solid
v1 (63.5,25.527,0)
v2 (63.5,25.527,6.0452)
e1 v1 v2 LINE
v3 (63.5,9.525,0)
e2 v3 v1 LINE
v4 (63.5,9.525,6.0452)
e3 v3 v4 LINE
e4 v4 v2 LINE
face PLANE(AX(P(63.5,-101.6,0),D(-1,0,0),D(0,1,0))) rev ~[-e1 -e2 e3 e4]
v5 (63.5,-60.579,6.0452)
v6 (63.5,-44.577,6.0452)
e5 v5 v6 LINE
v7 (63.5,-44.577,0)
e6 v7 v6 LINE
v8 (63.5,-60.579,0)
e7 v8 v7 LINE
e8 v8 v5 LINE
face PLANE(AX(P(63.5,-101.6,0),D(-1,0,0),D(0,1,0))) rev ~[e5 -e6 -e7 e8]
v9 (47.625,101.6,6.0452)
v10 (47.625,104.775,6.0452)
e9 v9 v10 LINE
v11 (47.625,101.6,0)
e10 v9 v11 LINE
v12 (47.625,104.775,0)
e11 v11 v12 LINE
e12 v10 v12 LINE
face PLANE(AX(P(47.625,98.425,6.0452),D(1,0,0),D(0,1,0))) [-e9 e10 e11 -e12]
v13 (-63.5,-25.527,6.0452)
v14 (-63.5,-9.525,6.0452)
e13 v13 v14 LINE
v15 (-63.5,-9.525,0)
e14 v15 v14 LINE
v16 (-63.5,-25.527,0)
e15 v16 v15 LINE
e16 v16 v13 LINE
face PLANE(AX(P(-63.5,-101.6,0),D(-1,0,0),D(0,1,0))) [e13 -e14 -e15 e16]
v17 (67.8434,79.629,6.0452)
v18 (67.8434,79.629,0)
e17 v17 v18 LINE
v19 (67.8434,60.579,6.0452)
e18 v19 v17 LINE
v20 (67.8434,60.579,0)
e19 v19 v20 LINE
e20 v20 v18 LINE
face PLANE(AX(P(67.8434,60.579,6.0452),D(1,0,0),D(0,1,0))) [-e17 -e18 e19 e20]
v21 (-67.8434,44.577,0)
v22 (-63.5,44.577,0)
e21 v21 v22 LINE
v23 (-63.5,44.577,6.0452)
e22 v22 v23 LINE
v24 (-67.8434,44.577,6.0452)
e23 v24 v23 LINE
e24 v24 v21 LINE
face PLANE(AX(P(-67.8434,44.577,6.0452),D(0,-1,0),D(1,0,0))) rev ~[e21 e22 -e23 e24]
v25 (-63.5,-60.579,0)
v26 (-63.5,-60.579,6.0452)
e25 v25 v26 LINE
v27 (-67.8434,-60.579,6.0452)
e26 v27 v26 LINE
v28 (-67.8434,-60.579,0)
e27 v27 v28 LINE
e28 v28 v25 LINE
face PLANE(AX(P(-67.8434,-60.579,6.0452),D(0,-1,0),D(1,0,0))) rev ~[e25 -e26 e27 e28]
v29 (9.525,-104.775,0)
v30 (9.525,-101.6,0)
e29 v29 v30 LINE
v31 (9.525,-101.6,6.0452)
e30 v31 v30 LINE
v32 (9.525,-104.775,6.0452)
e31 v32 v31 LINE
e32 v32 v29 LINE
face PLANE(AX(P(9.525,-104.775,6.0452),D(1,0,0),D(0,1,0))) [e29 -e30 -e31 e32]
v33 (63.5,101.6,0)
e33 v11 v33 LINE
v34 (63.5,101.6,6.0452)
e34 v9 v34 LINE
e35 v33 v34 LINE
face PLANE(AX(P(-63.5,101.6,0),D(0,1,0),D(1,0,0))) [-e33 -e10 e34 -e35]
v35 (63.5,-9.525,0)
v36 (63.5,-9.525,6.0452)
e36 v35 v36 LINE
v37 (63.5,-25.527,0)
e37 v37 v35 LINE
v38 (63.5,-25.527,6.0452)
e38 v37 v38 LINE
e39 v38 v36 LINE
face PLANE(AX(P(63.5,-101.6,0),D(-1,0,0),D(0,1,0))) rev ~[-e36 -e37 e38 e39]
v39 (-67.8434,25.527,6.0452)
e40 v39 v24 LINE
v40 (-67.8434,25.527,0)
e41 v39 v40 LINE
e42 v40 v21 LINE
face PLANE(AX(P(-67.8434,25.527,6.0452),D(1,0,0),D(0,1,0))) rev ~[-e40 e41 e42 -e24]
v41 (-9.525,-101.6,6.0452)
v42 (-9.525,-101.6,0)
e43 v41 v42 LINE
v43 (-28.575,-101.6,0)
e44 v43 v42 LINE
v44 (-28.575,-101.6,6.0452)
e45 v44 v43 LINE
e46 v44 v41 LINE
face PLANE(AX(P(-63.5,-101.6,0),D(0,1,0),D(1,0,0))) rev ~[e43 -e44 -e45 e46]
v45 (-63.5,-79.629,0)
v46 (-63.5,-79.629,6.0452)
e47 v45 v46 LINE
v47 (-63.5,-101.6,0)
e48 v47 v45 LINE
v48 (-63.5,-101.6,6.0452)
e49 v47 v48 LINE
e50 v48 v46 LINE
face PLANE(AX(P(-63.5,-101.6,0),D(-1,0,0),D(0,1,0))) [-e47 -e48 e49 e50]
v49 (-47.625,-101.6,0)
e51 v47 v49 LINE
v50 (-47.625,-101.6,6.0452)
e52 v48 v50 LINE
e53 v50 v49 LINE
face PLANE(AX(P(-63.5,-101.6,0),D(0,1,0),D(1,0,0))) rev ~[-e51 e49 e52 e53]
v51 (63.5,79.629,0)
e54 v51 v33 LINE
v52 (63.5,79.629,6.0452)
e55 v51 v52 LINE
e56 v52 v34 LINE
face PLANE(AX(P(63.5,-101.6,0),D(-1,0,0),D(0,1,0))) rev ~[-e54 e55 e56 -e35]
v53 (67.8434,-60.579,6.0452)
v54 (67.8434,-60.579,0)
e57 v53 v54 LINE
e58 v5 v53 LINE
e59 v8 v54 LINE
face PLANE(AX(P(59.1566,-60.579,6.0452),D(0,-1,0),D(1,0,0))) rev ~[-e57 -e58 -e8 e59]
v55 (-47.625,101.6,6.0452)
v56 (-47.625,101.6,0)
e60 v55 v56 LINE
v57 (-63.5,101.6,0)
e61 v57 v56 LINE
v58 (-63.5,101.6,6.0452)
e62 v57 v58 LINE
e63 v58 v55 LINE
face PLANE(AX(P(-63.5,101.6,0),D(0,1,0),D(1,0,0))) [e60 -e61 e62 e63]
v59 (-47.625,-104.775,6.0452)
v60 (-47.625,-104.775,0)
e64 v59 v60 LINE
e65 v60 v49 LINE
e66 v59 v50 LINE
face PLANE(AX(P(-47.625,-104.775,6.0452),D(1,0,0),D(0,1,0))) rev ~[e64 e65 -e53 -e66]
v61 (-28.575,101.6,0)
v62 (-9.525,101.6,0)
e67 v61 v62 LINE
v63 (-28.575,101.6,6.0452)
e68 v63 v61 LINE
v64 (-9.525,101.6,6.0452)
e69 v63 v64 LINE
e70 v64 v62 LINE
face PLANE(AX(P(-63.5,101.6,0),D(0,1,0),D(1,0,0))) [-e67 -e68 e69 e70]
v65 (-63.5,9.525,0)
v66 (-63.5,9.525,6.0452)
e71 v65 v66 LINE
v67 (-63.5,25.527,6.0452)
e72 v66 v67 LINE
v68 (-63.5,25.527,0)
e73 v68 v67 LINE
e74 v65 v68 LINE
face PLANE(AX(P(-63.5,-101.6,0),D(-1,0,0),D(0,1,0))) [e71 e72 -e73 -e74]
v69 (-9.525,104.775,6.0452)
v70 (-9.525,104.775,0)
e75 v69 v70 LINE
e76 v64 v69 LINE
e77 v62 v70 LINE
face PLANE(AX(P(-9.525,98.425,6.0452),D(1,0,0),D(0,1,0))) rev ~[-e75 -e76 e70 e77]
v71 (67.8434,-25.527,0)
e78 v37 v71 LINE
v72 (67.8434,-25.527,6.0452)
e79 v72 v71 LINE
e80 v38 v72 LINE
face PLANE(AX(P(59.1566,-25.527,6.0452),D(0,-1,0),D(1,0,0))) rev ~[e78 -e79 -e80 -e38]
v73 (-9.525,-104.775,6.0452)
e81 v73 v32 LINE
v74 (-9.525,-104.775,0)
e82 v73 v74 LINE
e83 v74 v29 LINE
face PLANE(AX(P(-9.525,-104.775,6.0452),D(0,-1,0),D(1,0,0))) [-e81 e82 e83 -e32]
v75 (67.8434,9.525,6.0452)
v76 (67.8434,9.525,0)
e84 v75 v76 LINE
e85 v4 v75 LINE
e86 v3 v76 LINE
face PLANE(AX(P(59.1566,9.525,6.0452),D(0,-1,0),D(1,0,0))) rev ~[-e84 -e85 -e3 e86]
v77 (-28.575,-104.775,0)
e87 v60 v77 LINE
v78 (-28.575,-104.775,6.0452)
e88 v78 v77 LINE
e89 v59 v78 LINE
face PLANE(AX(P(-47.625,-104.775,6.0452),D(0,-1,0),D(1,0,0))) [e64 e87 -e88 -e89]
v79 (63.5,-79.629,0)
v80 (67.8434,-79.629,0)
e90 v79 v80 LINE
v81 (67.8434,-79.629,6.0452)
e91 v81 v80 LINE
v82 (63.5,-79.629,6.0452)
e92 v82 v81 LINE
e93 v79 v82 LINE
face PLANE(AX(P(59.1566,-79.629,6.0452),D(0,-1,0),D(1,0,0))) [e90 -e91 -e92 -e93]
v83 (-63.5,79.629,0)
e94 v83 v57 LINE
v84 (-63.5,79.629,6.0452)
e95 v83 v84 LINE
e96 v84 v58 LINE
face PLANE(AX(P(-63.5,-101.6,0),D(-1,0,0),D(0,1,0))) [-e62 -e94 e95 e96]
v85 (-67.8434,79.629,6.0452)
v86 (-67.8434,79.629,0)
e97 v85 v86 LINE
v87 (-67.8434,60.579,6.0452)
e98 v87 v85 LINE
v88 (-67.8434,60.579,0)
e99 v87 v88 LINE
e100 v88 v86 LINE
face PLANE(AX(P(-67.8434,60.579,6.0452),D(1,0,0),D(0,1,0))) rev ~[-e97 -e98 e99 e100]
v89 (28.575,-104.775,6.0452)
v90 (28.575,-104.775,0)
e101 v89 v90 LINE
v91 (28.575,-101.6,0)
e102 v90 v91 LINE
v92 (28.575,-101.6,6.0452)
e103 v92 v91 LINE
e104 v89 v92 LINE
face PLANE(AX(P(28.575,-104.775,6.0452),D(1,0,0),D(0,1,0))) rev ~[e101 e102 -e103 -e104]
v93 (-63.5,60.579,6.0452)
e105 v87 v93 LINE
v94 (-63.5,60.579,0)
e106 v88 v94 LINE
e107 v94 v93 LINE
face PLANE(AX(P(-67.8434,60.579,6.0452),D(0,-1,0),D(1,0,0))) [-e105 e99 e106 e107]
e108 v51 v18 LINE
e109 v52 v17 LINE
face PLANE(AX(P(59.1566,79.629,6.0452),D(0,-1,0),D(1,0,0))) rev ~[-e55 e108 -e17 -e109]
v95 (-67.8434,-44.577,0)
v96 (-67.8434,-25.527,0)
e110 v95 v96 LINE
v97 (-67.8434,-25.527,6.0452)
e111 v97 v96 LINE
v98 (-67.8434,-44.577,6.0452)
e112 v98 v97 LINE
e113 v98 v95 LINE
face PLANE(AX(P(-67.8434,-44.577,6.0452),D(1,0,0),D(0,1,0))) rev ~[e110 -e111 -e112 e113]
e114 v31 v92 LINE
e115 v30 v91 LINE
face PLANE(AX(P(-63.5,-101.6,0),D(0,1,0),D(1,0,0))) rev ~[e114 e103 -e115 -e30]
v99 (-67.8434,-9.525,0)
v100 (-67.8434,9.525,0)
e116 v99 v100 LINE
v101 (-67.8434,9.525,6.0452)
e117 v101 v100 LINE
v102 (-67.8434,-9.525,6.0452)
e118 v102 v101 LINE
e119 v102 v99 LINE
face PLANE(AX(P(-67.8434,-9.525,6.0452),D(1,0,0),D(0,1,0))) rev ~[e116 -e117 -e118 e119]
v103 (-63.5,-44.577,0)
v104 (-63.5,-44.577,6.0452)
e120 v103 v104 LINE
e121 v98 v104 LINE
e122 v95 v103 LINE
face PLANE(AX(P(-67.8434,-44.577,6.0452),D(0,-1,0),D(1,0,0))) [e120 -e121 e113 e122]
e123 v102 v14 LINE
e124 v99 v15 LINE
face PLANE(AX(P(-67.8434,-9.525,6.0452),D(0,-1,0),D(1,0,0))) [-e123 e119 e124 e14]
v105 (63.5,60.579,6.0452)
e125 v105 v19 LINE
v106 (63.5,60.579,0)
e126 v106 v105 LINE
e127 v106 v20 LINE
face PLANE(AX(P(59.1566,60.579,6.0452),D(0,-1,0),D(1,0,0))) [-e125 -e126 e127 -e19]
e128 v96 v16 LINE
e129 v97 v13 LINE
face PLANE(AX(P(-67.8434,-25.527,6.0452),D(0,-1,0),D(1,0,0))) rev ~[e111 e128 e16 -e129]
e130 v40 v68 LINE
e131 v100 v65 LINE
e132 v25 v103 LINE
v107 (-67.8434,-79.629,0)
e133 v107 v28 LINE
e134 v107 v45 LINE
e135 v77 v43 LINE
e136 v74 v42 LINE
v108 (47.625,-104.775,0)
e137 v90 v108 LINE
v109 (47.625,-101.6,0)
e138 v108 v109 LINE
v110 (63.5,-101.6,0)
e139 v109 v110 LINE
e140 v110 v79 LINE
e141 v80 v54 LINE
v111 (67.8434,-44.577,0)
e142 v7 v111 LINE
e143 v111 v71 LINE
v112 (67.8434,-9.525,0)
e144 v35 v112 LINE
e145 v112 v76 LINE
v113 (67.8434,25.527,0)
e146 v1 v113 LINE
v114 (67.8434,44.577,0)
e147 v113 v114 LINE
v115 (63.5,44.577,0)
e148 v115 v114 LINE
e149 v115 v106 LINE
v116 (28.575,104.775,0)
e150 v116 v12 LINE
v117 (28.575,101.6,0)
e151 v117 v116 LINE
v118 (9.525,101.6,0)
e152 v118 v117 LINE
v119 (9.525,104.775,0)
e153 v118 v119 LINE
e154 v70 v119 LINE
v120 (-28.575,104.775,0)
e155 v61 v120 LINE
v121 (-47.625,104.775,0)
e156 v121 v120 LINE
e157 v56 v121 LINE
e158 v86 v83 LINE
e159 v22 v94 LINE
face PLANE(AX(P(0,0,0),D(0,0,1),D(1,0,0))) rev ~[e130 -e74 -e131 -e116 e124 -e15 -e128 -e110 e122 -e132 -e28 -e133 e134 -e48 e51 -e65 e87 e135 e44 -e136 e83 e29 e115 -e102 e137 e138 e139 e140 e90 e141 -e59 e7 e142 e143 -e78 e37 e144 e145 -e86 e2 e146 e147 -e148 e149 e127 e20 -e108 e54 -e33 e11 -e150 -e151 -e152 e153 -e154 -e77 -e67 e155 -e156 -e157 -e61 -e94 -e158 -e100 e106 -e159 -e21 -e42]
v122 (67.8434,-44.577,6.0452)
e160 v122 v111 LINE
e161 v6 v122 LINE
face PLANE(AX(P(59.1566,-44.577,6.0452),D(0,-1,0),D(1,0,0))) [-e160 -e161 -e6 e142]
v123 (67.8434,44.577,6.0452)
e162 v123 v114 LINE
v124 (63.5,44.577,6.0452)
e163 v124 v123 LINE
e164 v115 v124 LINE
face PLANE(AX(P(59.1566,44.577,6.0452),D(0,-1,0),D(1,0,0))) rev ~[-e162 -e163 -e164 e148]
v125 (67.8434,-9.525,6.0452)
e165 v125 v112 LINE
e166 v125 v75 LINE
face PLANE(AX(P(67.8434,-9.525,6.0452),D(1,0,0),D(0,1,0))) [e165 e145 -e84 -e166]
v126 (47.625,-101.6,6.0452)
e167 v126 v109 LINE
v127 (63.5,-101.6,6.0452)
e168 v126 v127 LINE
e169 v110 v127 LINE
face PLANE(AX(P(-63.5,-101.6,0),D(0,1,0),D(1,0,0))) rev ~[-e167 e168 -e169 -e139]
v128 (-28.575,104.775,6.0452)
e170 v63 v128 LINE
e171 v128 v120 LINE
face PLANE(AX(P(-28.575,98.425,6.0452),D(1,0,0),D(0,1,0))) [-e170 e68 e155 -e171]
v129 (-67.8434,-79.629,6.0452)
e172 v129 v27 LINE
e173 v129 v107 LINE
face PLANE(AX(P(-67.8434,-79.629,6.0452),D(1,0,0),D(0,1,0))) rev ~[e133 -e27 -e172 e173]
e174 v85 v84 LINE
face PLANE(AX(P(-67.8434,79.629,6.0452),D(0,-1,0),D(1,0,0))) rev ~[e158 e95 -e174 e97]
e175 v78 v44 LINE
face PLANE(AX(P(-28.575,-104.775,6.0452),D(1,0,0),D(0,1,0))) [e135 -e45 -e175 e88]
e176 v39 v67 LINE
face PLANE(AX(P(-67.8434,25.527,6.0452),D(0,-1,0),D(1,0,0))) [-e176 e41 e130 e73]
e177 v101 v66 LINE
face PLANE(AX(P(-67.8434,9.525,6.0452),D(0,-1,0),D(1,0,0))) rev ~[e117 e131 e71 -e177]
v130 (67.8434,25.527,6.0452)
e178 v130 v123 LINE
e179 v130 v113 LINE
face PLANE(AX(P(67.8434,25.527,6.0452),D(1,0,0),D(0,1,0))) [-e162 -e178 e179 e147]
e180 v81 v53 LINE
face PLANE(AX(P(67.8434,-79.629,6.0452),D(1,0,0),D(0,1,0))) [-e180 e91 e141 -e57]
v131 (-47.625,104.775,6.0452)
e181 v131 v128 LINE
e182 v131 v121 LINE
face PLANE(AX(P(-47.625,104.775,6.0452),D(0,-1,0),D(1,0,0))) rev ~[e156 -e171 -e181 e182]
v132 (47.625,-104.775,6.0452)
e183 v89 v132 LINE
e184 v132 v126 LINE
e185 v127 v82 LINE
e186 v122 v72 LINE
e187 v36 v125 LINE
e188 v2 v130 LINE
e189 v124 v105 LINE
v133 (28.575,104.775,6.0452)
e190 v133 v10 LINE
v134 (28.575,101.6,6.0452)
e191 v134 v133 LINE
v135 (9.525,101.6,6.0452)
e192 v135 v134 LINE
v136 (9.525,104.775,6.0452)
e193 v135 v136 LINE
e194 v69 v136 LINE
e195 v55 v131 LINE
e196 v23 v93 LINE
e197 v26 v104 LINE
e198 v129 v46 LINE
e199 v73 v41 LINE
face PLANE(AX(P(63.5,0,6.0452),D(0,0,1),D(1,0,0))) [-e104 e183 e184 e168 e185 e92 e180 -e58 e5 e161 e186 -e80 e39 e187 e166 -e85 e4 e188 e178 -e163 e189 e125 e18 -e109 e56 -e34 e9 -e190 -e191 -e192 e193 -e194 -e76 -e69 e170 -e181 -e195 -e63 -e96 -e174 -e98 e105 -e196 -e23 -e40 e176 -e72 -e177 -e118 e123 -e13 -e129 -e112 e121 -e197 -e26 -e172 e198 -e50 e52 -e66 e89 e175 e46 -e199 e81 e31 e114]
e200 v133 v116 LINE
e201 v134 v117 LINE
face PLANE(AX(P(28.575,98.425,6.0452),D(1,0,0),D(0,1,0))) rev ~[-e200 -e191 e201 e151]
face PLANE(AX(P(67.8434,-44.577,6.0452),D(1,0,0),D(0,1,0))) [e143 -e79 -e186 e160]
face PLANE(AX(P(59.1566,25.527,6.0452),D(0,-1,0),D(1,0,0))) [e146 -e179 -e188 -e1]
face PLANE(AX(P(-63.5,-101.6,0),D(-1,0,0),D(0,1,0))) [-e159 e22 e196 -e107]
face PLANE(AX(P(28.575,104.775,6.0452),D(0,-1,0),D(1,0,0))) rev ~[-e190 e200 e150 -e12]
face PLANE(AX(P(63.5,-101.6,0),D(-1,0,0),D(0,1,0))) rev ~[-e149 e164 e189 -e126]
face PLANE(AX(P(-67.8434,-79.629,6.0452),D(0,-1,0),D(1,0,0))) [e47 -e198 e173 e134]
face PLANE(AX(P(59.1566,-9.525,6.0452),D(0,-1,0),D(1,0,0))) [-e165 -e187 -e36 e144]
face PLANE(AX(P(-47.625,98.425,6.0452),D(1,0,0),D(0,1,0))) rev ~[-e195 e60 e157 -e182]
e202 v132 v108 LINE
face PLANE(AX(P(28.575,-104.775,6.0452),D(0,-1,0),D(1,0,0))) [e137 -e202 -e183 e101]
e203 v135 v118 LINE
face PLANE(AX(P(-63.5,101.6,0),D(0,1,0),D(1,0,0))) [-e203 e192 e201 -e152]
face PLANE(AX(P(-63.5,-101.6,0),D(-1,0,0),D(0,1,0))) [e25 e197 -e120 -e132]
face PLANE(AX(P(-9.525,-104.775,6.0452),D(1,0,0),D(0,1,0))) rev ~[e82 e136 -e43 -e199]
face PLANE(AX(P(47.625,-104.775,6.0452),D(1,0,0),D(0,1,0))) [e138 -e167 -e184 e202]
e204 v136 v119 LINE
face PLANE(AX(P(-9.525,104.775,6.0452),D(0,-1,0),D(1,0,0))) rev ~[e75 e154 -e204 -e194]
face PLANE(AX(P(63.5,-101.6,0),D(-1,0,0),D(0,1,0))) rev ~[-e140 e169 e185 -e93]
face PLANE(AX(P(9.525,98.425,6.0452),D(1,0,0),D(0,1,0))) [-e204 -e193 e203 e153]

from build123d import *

# Parameters (mm, degrees)
SKETCH1_W           = 127
SKETCH1_H           = 203.2
BOSS_EXTRUDE1_DEPTH = 6.0452
SKETCH2_W           = 19.05
SKETCH2_H           = 6.35
BOSS_EXTRUDE2_DEPTH = 6.0452
SKETCH3_W           = 8.6868
SKETCH3_H           = 19.05
BOSS_EXTRUDE3_DEPTH = 6.0452


with BuildPart() as part:
    # Sketch1 → Boss-Extrude1 (new body)
    with BuildSketch(Plane.XY):
        Rectangle(SKETCH1_W, SKETCH1_H)
    extrude(amount=BOSS_EXTRUDE1_DEPTH)

    # Sketch2 → Boss-Extrude2 (add)
    with BuildSketch(Plane.XY.offset(6.0452)):
        with Locations((0, 101.6)):
            Rectangle(SKETCH2_W, SKETCH2_H)
        with Locations((-38.1, 101.6)):
            Rectangle(SKETCH2_W, SKETCH2_H)
        with Locations((38.1, 101.6)):
            Rectangle(SKETCH2_W, SKETCH2_H)
        with Locations((38.1, -101.6)):
            Rectangle(SKETCH2_W, SKETCH2_H)
        with Locations((-38.1, -101.6)):
            Rectangle(SKETCH2_W, SKETCH2_H)
        with Locations((0, -101.6)):
            Rectangle(SKETCH2_W, SKETCH2_H)
    extrude(amount=-BOSS_EXTRUDE2_DEPTH)

    # Sketch3 → Boss-Extrude3 (add)
    with BuildSketch(Plane.XY.offset(6.0452)):
        with Locations((63.5, 0)):
            Rectangle(SKETCH3_W, SKETCH3_H)
        with Locations((63.5, 35.052)):
            Rectangle(SKETCH3_W, SKETCH3_H)
        with Locations((63.5, 70.104)):
            Rectangle(SKETCH3_W, SKETCH3_H)
        with Locations((63.5, -70.104)):
            Rectangle(SKETCH3_W, SKETCH3_H)
        with Locations((63.5, -35.052)):
            Rectangle(SKETCH3_W, SKETCH3_H)
        with Locations((-63.5, -35.052)):
            Rectangle(SKETCH3_W, SKETCH3_H)
        with Locations((-63.5, -70.104)):
            Rectangle(SKETCH3_W, SKETCH3_H)
        with Locations((-63.5, 70.104)):
            Rectangle(SKETCH3_W, SKETCH3_H)
        with Locations((-63.5, 35.052)):
            Rectangle(SKETCH3_W, SKETCH3_H)
        with Locations((-63.5, 0)):
            Rectangle(SKETCH3_W, SKETCH3_H)
    extrude(amount=-BOSS_EXTRUDE3_DEPTH)


solid = part.part
